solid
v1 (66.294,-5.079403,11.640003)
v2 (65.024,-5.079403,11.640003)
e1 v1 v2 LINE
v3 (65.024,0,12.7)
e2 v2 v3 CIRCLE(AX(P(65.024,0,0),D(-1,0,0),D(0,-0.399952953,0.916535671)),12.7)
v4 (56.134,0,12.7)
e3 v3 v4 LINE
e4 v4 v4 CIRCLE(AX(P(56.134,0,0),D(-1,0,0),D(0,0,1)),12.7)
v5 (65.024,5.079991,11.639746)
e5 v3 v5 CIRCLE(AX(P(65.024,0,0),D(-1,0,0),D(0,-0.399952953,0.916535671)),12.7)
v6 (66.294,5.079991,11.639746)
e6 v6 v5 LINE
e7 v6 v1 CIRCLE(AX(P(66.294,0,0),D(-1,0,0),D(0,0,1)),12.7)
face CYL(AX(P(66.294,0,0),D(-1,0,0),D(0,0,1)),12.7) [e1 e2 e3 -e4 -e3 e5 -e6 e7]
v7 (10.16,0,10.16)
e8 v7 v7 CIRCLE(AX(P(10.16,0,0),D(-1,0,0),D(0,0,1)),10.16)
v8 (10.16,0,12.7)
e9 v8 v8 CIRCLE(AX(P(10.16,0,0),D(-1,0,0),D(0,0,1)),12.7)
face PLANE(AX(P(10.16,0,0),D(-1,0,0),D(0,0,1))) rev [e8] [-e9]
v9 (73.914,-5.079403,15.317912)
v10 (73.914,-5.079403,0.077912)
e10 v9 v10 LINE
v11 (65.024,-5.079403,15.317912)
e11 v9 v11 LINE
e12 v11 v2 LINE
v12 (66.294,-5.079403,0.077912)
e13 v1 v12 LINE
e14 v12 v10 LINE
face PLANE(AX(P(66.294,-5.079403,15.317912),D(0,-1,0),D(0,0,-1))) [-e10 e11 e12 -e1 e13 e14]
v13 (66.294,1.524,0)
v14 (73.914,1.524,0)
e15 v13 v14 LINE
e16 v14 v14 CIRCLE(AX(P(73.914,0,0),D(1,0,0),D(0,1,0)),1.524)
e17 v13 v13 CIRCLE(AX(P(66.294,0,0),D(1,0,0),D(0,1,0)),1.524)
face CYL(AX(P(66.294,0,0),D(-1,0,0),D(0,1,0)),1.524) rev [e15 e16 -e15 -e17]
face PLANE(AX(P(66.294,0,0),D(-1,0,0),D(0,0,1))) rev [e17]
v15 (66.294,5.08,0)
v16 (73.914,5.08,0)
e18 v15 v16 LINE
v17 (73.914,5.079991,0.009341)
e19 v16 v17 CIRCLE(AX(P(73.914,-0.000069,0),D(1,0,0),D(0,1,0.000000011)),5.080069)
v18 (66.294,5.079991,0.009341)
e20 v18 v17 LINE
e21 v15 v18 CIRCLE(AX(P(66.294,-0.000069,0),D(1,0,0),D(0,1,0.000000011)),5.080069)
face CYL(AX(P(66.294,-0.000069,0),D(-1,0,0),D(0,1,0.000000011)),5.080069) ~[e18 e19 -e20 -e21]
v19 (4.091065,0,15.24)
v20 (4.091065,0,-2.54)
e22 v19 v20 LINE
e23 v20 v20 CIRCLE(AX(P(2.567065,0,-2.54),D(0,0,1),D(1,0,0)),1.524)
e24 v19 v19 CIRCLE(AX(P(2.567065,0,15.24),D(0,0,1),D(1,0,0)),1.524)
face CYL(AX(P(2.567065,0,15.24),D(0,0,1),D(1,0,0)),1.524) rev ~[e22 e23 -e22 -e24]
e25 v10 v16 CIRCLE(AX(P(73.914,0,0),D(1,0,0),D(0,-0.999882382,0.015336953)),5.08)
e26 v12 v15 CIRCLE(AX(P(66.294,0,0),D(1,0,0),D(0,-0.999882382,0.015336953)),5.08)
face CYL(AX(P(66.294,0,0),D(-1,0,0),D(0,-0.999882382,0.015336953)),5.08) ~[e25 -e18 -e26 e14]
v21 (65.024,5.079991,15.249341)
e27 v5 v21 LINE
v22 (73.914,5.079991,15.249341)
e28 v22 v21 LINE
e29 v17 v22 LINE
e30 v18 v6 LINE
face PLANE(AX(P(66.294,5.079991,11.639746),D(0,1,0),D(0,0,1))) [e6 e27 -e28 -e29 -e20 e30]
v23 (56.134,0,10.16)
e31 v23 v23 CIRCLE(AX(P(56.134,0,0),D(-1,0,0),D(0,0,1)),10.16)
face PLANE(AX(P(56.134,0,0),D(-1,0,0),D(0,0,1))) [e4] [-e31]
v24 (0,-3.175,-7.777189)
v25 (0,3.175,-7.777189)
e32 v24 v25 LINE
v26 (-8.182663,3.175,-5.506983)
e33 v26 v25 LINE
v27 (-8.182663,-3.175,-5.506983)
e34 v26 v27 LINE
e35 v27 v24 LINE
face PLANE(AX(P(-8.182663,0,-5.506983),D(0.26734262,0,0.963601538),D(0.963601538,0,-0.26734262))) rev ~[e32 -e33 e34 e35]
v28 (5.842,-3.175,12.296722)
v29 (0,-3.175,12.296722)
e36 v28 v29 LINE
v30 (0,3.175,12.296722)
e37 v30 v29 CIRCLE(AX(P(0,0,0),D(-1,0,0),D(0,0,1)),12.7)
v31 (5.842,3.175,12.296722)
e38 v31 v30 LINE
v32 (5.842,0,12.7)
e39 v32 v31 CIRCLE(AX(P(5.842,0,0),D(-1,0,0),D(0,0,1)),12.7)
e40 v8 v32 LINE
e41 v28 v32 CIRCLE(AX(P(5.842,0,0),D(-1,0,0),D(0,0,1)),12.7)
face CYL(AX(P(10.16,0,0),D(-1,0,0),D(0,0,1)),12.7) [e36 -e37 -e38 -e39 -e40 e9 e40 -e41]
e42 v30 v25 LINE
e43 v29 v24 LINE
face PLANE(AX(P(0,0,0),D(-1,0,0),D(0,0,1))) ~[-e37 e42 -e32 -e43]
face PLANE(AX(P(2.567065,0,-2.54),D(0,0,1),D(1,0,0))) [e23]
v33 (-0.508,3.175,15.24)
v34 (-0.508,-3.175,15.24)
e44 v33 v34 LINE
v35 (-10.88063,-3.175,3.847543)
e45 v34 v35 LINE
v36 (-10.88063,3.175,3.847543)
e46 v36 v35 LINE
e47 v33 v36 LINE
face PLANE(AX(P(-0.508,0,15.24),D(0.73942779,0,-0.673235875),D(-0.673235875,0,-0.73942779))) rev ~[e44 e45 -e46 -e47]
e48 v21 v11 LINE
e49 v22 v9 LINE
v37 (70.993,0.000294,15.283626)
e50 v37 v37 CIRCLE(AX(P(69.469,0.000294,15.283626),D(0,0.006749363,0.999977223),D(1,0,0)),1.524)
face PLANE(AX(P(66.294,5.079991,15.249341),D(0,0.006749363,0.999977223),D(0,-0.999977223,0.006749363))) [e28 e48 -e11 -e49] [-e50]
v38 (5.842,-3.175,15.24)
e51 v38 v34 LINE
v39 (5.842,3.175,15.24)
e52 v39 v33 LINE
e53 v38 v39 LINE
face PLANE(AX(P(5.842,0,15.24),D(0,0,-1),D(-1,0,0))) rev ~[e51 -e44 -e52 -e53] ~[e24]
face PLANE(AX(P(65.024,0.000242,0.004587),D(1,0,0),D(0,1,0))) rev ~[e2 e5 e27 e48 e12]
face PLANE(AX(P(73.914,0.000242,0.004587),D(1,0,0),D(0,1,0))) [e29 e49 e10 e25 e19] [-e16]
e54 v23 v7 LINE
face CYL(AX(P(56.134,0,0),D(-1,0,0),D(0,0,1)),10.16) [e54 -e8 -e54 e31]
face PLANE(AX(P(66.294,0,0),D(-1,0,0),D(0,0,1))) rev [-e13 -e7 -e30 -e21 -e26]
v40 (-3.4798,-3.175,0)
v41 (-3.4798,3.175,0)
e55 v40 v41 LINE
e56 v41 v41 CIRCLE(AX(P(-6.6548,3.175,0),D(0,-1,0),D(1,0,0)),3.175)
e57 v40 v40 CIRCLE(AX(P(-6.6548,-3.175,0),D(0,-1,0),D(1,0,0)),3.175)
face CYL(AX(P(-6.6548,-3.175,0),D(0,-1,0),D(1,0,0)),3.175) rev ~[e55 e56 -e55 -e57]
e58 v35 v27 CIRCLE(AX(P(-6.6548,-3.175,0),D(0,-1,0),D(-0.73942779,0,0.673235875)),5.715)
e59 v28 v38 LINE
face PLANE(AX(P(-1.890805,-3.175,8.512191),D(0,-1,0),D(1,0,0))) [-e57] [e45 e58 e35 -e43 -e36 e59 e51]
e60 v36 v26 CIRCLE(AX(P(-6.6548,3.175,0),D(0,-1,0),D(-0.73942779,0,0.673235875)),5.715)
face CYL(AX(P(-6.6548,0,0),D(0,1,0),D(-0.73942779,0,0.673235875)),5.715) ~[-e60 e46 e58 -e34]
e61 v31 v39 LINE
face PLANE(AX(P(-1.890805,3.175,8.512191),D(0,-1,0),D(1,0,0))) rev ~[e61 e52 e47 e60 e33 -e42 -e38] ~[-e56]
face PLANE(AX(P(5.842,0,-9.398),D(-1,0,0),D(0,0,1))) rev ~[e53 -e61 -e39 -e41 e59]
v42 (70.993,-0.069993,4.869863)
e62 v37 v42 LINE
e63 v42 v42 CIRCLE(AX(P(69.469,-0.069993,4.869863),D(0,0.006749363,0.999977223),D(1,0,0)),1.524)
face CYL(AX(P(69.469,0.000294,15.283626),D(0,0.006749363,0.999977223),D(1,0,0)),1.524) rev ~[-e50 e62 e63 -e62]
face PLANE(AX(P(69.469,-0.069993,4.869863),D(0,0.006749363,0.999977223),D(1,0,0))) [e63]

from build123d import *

# Parameters (mm, degrees)
F0_W      = 5.842
F0_H      = 12.7
F0_R      = 3.175
F2_DEPTH  = 3.175
F3_DEPTH  = 6.35
F4_R      = 1.524
F5_DEPTH  = 7.62
F6_DEPTH  = 1.27
F8_R      = 1.524
F9_DEPTH  = 10.414
F7_R      = 1.524
F10_DEPTH = 17.78


with BuildPart() as f1:
    # F0 (on Front) → F1 (revolve)
    with BuildSketch(Plane.XZ):
        Polygon((5.842, 12.7), (5.842, 0), (66.294, 0), (66.294, 12.7), (56.134, 12.7), (56.134, 10.16), (10.16, 10.16), (10.16, 12.7), align=None)
        with Locations((2.921, 6.35)):
            Rectangle(F0_W, F0_H)
    revolve(axis=Axis((33.147, 0, 0), (-1, 0, 0)))

    # F0 (on Front) → F2 (join)
    with BuildSketch(Plane.XZ):
        with BuildLine():
            Line((-0.9398, 0), (0, 0))
            Line((0, 0), (0, 12.7))
            Line((0, 12.7), (5.842, 12.7))
            Line((5.842, 12.7), (5.842, 15.24))
            Line((5.842, 15.24), (-0.508, 15.24))
            Line((-0.508, 15.24), (-10.8806298187, 3.8475430269))
            ThreePointArc((-10.8806298187, 3.8475430269), (-4.5919612295, 5.3297205562), (-0.9398, 0))
        make_face()
        with BuildLine():
            ThreePointArc((-8.1826630726, -5.5069827884), (-3.1957909266, -4.5493385486), (-0.9398, 0))
            ThreePointArc((-0.9398, 0), (-4.5919612295, 5.3297205562), (-10.8806298187, 3.8475430269))
            ThreePointArc((-10.8806298187, 3.8475430269), (-12.1459778134, -1.5837270034), (-8.1826630726, -5.5069827884))
        make_face()
        with Locations((-6.6548, 0)):
            Circle(F0_R, mode=Mode.SUBTRACT)
        with BuildLine():
            Line((5.842, 0), (0, 0))
            Line((0, 0), (-0.9398, 0))
            ThreePointArc((-0.9398, 0), (-3.1957909266, -4.5493385486), (-8.1826630726, -5.5069827884))
            Line((-8.1826630726, -5.5069827884), (5.842, -9.398))
            Line((5.842, -9.398), (5.842, 0))
        make_face()
        with Locations((2.921, 6.35)):
            Rectangle(F0_W, F0_H)
    extrude(amount=F2_DEPTH)

    # F3 (add): a face of the model
    f3_faces = [f1.faces().sort_by_distance(p)[0] for p in [
        (-3.7379712186, -3.175, 3.6396098822),
    ]]
    extrude(f3_faces, amount=-F3_DEPTH)

    # F4 (on face) → F5 (join)
    with BuildSketch(Plane.YZ.offset(66.294)):
        with BuildLine():
            ThreePointArc((-5.0794025007, 0.0779117191), (-0.0389570051, -5.079850623), (5.08, 0))
            ThreePointArc((5.08, 0), (5.0799978531, 0.0046703639), (5.0799914125, 0.0093407238))
            ThreePointArc((5.0799914125, 0.0093407238), (0.0342867621, 5.0798842918), (-5.0794025007, 0.0779117191))
        make_face()
        Circle(F4_R, mode=Mode.SUBTRACT)
        with BuildLine():
            ThreePointArc((-5.0794025007, 0.0779117191), (0.0342867621, 5.0798842918), (5.0799914125, 0.0093407238))
            Line((5.0799914125, 0.0093407238), (5.0799914125, 11.6397460131))
            ThreePointArc((5.0799914125, 11.6397460131), (0.0003212741, 12.6999999959), (-5.0794025007, 11.640003017))
            Line((-5.0794025007, 11.640003017), (-5.0794025007, 0.0779117191))
        make_face()
        with BuildLine():
            ThreePointArc((-5.0794025007, 11.640003017), (0.0003212741, 12.6999999959), (5.0799914125, 11.6397460131))
            Line((5.0799914125, 11.6397460131), (5.0799914125, 15.2493407238))
            Line((5.0799914125, 15.2493407238), (-5.0794025007, 15.3179117191))
            Line((-5.0794025007, 15.3179117191), (-5.0794025007, 11.640003017))
        make_face()
    extrude(amount=F5_DEPTH)

    # F6 (add): a face of the model
    f6_faces = [f1.faces().sort_by_distance(p)[0] for p in [
        (66.294, -0.0194413751, 13.8014276959),
    ]]
    extrude(f6_faces, amount=F6_DEPTH)

    # F8 (on face) → F9 (cut)
    with BuildSketch(Plane(origin=(0, 0.1031523992, 15.2829319801), x_dir=(1, 0, 0), z_dir=(0, 0.0067493626, 0.9999772228))):
        with Locations((69.469, -0.1028602862)):
            Circle(F8_R)
    extrude(amount=-F9_DEPTH, mode=Mode.SUBTRACT)

    # F7 (on face) → F10 (cut)
    with BuildSketch(Plane.XY.offset(15.24)):
        with Locations((2.5670649484, 0)):
            Circle(F7_R)
    extrude(amount=-F10_DEPTH, mode=Mode.SUBTRACT)


solid = f1.part
